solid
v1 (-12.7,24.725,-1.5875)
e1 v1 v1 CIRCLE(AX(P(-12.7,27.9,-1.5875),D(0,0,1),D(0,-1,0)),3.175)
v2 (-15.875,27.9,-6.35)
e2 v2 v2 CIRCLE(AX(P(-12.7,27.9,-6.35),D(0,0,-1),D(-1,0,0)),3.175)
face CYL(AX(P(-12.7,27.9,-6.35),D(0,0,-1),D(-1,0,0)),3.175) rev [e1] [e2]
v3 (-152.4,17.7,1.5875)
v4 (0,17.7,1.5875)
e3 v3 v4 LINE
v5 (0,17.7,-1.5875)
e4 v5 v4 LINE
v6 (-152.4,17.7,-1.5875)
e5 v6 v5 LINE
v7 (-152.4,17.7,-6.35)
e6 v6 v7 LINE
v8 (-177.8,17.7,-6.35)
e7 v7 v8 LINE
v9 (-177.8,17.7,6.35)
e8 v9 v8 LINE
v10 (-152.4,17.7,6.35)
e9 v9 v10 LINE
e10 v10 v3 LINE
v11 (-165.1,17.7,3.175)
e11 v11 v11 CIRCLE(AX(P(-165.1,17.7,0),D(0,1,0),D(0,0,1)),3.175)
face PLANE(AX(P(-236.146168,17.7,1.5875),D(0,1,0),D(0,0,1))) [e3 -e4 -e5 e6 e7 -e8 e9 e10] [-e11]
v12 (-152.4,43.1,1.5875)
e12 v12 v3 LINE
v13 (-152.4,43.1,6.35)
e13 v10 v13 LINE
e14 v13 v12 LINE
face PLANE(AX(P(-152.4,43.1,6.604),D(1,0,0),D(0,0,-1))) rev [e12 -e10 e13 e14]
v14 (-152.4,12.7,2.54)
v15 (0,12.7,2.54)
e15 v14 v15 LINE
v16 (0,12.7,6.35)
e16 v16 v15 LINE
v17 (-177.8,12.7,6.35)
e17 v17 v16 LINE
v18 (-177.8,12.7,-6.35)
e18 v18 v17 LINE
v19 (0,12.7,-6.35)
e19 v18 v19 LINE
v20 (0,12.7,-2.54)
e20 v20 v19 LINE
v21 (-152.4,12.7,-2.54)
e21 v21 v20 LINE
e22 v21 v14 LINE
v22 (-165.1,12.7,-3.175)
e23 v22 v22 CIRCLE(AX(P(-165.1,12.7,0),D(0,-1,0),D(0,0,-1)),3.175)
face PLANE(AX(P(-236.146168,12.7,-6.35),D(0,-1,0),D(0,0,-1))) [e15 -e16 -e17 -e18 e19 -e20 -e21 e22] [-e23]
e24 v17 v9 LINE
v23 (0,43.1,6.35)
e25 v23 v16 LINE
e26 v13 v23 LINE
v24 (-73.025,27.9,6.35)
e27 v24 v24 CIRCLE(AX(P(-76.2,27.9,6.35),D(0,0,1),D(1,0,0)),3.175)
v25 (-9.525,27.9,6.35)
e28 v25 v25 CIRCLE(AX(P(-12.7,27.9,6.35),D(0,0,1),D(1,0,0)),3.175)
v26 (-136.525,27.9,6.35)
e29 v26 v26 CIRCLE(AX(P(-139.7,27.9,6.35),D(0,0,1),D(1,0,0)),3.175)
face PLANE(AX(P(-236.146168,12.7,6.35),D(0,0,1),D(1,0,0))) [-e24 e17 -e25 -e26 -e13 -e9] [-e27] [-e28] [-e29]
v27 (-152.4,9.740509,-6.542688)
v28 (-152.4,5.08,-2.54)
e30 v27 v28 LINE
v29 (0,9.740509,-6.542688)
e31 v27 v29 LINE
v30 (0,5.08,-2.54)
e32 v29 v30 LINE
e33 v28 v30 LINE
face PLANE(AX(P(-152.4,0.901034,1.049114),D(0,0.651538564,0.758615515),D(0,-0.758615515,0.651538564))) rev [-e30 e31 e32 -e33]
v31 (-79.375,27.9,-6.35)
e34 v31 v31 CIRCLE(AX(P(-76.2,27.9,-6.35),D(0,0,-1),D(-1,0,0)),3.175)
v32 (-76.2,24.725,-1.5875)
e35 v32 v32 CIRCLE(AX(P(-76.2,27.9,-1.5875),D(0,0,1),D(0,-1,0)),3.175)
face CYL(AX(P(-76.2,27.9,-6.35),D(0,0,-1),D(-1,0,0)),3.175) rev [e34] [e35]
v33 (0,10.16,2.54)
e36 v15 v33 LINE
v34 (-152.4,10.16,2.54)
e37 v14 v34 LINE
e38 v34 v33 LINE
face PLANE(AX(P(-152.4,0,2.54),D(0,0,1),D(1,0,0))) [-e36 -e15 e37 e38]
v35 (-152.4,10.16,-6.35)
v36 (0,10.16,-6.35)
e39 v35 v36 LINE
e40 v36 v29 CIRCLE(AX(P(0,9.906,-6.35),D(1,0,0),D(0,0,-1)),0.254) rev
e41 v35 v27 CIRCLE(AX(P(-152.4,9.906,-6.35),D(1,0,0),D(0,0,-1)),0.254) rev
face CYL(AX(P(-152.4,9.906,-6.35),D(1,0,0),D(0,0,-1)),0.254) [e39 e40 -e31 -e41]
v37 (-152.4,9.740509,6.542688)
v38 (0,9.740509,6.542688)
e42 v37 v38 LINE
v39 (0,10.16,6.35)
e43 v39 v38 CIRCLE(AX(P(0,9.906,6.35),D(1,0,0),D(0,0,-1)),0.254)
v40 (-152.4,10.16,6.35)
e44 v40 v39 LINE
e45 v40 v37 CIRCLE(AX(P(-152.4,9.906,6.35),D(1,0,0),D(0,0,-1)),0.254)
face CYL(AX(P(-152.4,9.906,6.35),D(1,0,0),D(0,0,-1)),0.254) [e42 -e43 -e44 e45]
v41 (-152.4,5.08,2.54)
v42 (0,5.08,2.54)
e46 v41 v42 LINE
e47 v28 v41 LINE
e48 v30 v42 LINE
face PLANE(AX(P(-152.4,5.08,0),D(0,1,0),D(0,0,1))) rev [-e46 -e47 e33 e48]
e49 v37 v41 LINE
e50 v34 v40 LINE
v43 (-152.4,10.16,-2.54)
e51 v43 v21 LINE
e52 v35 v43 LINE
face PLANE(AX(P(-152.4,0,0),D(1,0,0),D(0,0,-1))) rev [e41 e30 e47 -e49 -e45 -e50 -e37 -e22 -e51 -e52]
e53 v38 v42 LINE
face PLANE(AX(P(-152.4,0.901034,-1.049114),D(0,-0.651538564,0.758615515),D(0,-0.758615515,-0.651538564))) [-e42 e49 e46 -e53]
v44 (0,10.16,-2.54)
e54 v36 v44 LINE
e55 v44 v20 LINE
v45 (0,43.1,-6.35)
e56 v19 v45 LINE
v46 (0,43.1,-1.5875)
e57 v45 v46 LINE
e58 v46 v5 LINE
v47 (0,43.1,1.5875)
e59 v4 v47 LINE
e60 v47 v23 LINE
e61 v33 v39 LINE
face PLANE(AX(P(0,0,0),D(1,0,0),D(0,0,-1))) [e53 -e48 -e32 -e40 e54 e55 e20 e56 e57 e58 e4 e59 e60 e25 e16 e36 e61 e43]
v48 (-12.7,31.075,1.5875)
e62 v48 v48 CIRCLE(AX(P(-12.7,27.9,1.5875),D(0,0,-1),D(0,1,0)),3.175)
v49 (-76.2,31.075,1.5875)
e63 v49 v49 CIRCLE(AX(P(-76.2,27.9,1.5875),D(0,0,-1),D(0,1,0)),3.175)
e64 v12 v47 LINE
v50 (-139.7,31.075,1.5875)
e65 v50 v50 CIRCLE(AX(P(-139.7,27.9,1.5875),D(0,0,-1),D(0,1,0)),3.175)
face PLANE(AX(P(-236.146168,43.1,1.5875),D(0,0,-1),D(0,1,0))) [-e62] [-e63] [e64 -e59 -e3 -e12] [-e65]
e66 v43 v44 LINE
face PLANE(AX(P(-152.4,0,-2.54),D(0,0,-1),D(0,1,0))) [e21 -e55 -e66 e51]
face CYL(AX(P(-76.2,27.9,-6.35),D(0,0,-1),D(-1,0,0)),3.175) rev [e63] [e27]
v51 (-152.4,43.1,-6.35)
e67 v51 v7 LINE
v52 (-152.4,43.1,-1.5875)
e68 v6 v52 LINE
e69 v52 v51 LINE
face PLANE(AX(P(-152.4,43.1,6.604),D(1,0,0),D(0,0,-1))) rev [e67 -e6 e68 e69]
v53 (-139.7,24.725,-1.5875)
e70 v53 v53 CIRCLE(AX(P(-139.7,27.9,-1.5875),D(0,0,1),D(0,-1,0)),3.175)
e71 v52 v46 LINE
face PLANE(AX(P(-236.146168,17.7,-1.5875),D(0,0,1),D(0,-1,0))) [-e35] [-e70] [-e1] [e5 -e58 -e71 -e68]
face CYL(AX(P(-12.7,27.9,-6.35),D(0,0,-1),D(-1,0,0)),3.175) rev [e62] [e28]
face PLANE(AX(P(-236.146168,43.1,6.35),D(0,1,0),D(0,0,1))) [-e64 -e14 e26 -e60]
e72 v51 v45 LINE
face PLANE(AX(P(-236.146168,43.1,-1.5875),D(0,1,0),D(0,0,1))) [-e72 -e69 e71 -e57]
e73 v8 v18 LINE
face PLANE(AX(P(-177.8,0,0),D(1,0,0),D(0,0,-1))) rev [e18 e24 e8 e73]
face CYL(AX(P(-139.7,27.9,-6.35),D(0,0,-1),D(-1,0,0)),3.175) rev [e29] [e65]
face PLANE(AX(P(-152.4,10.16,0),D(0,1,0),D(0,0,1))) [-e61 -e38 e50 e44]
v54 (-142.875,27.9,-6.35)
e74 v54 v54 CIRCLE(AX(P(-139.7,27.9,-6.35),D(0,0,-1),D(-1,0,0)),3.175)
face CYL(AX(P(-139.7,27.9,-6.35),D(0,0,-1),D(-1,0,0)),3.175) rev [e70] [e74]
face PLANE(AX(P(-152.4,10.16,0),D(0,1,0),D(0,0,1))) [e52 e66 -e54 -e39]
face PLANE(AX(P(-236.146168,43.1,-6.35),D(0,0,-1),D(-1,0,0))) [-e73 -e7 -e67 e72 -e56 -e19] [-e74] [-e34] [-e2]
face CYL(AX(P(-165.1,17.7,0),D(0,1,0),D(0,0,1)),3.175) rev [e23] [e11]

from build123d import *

# Parameters (mm, degrees)
SKETCH10_W                  = 2.54
SKETCH10_H                  = 2.54
BOSS_EXTRUDE3_DEPTH         = 152.4
BOSS_EXTRUDE4_DEPTH         = 177.8
SKETCH14_W                  = 25.4
SKETCH14_H                  = 25.4
CUT_EXTRUDE1_DEPTH          = 184.407350223
F_1_4_0_25_DIAMETER_HOLE1_D = 6.35
F_1_4_0_25_DIAMETER_HOLE2_D = 6.35


with BuildPart() as part:
    # Sketch10 → Boss-Extrude3 (new body)
    with BuildSketch(Plane(origin=(0, 0, 0), x_dir=(0, 0, -1), z_dir=(1, 0, 0))):
        with BuildLine():
            Line((-2.54, 5.08), (0, 5.08))
            Line((0, 5.08), (0, 10.16))
            Line((0, 10.16), (-2.54, 10.16))
            Line((-2.54, 10.16), (-6.35, 10.16))
            ThreePointArc((-6.35, 10.16), (-6.580814495, 10.012022021), (-6.542688341, 9.740509205))
            Line((-6.542688341, 9.740509205), (-2.54, 5.08))
        make_face()
        with Locations((-1.27, 11.43)):
            Rectangle(SKETCH10_W, SKETCH10_H)
        with BuildLine():
            Line((0, 10.16), (0, 5.08))
            Line((0, 5.08), (2.54, 5.08))
            Line((2.54, 5.08), (6.542688341, 9.740509205))
            ThreePointArc((6.542688341, 9.740509205), (6.580814495, 10.012022021), (6.35, 10.16))
            Line((6.35, 10.16), (2.54, 10.16))
            Line((2.54, 10.16), (0, 10.16))
        make_face()
        with Locations((1.27, 11.43)):
            Rectangle(SKETCH10_W, SKETCH10_H)
    extrude(amount=-BOSS_EXTRUDE3_DEPTH)

    # Sketch11 → Boss-Extrude4 (add)
    with BuildSketch(Plane(origin=(0, 0, 0), x_dir=(0, 0, -1), z_dir=(1, 0, 0))):
        Polygon((6.35, 12.7), (-6.35, 12.7), (-6.35, 43.1), (-1.5875, 43.1), (-1.5875, 17.7), (1.5875, 17.7), (1.5875, 43.1), (6.35, 43.1), align=None)
    extrude(amount=-BOSS_EXTRUDE4_DEPTH)

    # Sketch14 → Cut-Extrude1 (cut, through all)
    with BuildSketch(Plane(origin=(0, 0, -6.35), x_dir=(-1, 0, 0), z_dir=(0, 0, -1))):
        with Locations((165.1, 30.4)):
            Rectangle(SKETCH14_W, SKETCH14_H)
    extrude(amount=-CUT_EXTRUDE1_DEPTH, mode=Mode.SUBTRACT)

    # 1/4 (0.25) Diameter Hole1 (through all)
    with Locations(Plane(origin=(0, 0, -6.35), x_dir=(-1, 0, 0), z_dir=(0, 0, -1))):
        with Locations((139.7, 27.9), (12.7, 27.9), (76.2, 27.9)):
            Hole(F_1_4_0_25_DIAMETER_HOLE1_D / 2)

    # 1/4 (0.25) Diameter Hole2 (through all)
    with Locations(Plane(origin=(0, 17.7, 0), x_dir=(1, 0, 0), z_dir=(0, 1, 0))):
        with Locations((-165.1, 0)):
            Hole(F_1_4_0_25_DIAMETER_HOLE2_D / 2)


solid = part.part
